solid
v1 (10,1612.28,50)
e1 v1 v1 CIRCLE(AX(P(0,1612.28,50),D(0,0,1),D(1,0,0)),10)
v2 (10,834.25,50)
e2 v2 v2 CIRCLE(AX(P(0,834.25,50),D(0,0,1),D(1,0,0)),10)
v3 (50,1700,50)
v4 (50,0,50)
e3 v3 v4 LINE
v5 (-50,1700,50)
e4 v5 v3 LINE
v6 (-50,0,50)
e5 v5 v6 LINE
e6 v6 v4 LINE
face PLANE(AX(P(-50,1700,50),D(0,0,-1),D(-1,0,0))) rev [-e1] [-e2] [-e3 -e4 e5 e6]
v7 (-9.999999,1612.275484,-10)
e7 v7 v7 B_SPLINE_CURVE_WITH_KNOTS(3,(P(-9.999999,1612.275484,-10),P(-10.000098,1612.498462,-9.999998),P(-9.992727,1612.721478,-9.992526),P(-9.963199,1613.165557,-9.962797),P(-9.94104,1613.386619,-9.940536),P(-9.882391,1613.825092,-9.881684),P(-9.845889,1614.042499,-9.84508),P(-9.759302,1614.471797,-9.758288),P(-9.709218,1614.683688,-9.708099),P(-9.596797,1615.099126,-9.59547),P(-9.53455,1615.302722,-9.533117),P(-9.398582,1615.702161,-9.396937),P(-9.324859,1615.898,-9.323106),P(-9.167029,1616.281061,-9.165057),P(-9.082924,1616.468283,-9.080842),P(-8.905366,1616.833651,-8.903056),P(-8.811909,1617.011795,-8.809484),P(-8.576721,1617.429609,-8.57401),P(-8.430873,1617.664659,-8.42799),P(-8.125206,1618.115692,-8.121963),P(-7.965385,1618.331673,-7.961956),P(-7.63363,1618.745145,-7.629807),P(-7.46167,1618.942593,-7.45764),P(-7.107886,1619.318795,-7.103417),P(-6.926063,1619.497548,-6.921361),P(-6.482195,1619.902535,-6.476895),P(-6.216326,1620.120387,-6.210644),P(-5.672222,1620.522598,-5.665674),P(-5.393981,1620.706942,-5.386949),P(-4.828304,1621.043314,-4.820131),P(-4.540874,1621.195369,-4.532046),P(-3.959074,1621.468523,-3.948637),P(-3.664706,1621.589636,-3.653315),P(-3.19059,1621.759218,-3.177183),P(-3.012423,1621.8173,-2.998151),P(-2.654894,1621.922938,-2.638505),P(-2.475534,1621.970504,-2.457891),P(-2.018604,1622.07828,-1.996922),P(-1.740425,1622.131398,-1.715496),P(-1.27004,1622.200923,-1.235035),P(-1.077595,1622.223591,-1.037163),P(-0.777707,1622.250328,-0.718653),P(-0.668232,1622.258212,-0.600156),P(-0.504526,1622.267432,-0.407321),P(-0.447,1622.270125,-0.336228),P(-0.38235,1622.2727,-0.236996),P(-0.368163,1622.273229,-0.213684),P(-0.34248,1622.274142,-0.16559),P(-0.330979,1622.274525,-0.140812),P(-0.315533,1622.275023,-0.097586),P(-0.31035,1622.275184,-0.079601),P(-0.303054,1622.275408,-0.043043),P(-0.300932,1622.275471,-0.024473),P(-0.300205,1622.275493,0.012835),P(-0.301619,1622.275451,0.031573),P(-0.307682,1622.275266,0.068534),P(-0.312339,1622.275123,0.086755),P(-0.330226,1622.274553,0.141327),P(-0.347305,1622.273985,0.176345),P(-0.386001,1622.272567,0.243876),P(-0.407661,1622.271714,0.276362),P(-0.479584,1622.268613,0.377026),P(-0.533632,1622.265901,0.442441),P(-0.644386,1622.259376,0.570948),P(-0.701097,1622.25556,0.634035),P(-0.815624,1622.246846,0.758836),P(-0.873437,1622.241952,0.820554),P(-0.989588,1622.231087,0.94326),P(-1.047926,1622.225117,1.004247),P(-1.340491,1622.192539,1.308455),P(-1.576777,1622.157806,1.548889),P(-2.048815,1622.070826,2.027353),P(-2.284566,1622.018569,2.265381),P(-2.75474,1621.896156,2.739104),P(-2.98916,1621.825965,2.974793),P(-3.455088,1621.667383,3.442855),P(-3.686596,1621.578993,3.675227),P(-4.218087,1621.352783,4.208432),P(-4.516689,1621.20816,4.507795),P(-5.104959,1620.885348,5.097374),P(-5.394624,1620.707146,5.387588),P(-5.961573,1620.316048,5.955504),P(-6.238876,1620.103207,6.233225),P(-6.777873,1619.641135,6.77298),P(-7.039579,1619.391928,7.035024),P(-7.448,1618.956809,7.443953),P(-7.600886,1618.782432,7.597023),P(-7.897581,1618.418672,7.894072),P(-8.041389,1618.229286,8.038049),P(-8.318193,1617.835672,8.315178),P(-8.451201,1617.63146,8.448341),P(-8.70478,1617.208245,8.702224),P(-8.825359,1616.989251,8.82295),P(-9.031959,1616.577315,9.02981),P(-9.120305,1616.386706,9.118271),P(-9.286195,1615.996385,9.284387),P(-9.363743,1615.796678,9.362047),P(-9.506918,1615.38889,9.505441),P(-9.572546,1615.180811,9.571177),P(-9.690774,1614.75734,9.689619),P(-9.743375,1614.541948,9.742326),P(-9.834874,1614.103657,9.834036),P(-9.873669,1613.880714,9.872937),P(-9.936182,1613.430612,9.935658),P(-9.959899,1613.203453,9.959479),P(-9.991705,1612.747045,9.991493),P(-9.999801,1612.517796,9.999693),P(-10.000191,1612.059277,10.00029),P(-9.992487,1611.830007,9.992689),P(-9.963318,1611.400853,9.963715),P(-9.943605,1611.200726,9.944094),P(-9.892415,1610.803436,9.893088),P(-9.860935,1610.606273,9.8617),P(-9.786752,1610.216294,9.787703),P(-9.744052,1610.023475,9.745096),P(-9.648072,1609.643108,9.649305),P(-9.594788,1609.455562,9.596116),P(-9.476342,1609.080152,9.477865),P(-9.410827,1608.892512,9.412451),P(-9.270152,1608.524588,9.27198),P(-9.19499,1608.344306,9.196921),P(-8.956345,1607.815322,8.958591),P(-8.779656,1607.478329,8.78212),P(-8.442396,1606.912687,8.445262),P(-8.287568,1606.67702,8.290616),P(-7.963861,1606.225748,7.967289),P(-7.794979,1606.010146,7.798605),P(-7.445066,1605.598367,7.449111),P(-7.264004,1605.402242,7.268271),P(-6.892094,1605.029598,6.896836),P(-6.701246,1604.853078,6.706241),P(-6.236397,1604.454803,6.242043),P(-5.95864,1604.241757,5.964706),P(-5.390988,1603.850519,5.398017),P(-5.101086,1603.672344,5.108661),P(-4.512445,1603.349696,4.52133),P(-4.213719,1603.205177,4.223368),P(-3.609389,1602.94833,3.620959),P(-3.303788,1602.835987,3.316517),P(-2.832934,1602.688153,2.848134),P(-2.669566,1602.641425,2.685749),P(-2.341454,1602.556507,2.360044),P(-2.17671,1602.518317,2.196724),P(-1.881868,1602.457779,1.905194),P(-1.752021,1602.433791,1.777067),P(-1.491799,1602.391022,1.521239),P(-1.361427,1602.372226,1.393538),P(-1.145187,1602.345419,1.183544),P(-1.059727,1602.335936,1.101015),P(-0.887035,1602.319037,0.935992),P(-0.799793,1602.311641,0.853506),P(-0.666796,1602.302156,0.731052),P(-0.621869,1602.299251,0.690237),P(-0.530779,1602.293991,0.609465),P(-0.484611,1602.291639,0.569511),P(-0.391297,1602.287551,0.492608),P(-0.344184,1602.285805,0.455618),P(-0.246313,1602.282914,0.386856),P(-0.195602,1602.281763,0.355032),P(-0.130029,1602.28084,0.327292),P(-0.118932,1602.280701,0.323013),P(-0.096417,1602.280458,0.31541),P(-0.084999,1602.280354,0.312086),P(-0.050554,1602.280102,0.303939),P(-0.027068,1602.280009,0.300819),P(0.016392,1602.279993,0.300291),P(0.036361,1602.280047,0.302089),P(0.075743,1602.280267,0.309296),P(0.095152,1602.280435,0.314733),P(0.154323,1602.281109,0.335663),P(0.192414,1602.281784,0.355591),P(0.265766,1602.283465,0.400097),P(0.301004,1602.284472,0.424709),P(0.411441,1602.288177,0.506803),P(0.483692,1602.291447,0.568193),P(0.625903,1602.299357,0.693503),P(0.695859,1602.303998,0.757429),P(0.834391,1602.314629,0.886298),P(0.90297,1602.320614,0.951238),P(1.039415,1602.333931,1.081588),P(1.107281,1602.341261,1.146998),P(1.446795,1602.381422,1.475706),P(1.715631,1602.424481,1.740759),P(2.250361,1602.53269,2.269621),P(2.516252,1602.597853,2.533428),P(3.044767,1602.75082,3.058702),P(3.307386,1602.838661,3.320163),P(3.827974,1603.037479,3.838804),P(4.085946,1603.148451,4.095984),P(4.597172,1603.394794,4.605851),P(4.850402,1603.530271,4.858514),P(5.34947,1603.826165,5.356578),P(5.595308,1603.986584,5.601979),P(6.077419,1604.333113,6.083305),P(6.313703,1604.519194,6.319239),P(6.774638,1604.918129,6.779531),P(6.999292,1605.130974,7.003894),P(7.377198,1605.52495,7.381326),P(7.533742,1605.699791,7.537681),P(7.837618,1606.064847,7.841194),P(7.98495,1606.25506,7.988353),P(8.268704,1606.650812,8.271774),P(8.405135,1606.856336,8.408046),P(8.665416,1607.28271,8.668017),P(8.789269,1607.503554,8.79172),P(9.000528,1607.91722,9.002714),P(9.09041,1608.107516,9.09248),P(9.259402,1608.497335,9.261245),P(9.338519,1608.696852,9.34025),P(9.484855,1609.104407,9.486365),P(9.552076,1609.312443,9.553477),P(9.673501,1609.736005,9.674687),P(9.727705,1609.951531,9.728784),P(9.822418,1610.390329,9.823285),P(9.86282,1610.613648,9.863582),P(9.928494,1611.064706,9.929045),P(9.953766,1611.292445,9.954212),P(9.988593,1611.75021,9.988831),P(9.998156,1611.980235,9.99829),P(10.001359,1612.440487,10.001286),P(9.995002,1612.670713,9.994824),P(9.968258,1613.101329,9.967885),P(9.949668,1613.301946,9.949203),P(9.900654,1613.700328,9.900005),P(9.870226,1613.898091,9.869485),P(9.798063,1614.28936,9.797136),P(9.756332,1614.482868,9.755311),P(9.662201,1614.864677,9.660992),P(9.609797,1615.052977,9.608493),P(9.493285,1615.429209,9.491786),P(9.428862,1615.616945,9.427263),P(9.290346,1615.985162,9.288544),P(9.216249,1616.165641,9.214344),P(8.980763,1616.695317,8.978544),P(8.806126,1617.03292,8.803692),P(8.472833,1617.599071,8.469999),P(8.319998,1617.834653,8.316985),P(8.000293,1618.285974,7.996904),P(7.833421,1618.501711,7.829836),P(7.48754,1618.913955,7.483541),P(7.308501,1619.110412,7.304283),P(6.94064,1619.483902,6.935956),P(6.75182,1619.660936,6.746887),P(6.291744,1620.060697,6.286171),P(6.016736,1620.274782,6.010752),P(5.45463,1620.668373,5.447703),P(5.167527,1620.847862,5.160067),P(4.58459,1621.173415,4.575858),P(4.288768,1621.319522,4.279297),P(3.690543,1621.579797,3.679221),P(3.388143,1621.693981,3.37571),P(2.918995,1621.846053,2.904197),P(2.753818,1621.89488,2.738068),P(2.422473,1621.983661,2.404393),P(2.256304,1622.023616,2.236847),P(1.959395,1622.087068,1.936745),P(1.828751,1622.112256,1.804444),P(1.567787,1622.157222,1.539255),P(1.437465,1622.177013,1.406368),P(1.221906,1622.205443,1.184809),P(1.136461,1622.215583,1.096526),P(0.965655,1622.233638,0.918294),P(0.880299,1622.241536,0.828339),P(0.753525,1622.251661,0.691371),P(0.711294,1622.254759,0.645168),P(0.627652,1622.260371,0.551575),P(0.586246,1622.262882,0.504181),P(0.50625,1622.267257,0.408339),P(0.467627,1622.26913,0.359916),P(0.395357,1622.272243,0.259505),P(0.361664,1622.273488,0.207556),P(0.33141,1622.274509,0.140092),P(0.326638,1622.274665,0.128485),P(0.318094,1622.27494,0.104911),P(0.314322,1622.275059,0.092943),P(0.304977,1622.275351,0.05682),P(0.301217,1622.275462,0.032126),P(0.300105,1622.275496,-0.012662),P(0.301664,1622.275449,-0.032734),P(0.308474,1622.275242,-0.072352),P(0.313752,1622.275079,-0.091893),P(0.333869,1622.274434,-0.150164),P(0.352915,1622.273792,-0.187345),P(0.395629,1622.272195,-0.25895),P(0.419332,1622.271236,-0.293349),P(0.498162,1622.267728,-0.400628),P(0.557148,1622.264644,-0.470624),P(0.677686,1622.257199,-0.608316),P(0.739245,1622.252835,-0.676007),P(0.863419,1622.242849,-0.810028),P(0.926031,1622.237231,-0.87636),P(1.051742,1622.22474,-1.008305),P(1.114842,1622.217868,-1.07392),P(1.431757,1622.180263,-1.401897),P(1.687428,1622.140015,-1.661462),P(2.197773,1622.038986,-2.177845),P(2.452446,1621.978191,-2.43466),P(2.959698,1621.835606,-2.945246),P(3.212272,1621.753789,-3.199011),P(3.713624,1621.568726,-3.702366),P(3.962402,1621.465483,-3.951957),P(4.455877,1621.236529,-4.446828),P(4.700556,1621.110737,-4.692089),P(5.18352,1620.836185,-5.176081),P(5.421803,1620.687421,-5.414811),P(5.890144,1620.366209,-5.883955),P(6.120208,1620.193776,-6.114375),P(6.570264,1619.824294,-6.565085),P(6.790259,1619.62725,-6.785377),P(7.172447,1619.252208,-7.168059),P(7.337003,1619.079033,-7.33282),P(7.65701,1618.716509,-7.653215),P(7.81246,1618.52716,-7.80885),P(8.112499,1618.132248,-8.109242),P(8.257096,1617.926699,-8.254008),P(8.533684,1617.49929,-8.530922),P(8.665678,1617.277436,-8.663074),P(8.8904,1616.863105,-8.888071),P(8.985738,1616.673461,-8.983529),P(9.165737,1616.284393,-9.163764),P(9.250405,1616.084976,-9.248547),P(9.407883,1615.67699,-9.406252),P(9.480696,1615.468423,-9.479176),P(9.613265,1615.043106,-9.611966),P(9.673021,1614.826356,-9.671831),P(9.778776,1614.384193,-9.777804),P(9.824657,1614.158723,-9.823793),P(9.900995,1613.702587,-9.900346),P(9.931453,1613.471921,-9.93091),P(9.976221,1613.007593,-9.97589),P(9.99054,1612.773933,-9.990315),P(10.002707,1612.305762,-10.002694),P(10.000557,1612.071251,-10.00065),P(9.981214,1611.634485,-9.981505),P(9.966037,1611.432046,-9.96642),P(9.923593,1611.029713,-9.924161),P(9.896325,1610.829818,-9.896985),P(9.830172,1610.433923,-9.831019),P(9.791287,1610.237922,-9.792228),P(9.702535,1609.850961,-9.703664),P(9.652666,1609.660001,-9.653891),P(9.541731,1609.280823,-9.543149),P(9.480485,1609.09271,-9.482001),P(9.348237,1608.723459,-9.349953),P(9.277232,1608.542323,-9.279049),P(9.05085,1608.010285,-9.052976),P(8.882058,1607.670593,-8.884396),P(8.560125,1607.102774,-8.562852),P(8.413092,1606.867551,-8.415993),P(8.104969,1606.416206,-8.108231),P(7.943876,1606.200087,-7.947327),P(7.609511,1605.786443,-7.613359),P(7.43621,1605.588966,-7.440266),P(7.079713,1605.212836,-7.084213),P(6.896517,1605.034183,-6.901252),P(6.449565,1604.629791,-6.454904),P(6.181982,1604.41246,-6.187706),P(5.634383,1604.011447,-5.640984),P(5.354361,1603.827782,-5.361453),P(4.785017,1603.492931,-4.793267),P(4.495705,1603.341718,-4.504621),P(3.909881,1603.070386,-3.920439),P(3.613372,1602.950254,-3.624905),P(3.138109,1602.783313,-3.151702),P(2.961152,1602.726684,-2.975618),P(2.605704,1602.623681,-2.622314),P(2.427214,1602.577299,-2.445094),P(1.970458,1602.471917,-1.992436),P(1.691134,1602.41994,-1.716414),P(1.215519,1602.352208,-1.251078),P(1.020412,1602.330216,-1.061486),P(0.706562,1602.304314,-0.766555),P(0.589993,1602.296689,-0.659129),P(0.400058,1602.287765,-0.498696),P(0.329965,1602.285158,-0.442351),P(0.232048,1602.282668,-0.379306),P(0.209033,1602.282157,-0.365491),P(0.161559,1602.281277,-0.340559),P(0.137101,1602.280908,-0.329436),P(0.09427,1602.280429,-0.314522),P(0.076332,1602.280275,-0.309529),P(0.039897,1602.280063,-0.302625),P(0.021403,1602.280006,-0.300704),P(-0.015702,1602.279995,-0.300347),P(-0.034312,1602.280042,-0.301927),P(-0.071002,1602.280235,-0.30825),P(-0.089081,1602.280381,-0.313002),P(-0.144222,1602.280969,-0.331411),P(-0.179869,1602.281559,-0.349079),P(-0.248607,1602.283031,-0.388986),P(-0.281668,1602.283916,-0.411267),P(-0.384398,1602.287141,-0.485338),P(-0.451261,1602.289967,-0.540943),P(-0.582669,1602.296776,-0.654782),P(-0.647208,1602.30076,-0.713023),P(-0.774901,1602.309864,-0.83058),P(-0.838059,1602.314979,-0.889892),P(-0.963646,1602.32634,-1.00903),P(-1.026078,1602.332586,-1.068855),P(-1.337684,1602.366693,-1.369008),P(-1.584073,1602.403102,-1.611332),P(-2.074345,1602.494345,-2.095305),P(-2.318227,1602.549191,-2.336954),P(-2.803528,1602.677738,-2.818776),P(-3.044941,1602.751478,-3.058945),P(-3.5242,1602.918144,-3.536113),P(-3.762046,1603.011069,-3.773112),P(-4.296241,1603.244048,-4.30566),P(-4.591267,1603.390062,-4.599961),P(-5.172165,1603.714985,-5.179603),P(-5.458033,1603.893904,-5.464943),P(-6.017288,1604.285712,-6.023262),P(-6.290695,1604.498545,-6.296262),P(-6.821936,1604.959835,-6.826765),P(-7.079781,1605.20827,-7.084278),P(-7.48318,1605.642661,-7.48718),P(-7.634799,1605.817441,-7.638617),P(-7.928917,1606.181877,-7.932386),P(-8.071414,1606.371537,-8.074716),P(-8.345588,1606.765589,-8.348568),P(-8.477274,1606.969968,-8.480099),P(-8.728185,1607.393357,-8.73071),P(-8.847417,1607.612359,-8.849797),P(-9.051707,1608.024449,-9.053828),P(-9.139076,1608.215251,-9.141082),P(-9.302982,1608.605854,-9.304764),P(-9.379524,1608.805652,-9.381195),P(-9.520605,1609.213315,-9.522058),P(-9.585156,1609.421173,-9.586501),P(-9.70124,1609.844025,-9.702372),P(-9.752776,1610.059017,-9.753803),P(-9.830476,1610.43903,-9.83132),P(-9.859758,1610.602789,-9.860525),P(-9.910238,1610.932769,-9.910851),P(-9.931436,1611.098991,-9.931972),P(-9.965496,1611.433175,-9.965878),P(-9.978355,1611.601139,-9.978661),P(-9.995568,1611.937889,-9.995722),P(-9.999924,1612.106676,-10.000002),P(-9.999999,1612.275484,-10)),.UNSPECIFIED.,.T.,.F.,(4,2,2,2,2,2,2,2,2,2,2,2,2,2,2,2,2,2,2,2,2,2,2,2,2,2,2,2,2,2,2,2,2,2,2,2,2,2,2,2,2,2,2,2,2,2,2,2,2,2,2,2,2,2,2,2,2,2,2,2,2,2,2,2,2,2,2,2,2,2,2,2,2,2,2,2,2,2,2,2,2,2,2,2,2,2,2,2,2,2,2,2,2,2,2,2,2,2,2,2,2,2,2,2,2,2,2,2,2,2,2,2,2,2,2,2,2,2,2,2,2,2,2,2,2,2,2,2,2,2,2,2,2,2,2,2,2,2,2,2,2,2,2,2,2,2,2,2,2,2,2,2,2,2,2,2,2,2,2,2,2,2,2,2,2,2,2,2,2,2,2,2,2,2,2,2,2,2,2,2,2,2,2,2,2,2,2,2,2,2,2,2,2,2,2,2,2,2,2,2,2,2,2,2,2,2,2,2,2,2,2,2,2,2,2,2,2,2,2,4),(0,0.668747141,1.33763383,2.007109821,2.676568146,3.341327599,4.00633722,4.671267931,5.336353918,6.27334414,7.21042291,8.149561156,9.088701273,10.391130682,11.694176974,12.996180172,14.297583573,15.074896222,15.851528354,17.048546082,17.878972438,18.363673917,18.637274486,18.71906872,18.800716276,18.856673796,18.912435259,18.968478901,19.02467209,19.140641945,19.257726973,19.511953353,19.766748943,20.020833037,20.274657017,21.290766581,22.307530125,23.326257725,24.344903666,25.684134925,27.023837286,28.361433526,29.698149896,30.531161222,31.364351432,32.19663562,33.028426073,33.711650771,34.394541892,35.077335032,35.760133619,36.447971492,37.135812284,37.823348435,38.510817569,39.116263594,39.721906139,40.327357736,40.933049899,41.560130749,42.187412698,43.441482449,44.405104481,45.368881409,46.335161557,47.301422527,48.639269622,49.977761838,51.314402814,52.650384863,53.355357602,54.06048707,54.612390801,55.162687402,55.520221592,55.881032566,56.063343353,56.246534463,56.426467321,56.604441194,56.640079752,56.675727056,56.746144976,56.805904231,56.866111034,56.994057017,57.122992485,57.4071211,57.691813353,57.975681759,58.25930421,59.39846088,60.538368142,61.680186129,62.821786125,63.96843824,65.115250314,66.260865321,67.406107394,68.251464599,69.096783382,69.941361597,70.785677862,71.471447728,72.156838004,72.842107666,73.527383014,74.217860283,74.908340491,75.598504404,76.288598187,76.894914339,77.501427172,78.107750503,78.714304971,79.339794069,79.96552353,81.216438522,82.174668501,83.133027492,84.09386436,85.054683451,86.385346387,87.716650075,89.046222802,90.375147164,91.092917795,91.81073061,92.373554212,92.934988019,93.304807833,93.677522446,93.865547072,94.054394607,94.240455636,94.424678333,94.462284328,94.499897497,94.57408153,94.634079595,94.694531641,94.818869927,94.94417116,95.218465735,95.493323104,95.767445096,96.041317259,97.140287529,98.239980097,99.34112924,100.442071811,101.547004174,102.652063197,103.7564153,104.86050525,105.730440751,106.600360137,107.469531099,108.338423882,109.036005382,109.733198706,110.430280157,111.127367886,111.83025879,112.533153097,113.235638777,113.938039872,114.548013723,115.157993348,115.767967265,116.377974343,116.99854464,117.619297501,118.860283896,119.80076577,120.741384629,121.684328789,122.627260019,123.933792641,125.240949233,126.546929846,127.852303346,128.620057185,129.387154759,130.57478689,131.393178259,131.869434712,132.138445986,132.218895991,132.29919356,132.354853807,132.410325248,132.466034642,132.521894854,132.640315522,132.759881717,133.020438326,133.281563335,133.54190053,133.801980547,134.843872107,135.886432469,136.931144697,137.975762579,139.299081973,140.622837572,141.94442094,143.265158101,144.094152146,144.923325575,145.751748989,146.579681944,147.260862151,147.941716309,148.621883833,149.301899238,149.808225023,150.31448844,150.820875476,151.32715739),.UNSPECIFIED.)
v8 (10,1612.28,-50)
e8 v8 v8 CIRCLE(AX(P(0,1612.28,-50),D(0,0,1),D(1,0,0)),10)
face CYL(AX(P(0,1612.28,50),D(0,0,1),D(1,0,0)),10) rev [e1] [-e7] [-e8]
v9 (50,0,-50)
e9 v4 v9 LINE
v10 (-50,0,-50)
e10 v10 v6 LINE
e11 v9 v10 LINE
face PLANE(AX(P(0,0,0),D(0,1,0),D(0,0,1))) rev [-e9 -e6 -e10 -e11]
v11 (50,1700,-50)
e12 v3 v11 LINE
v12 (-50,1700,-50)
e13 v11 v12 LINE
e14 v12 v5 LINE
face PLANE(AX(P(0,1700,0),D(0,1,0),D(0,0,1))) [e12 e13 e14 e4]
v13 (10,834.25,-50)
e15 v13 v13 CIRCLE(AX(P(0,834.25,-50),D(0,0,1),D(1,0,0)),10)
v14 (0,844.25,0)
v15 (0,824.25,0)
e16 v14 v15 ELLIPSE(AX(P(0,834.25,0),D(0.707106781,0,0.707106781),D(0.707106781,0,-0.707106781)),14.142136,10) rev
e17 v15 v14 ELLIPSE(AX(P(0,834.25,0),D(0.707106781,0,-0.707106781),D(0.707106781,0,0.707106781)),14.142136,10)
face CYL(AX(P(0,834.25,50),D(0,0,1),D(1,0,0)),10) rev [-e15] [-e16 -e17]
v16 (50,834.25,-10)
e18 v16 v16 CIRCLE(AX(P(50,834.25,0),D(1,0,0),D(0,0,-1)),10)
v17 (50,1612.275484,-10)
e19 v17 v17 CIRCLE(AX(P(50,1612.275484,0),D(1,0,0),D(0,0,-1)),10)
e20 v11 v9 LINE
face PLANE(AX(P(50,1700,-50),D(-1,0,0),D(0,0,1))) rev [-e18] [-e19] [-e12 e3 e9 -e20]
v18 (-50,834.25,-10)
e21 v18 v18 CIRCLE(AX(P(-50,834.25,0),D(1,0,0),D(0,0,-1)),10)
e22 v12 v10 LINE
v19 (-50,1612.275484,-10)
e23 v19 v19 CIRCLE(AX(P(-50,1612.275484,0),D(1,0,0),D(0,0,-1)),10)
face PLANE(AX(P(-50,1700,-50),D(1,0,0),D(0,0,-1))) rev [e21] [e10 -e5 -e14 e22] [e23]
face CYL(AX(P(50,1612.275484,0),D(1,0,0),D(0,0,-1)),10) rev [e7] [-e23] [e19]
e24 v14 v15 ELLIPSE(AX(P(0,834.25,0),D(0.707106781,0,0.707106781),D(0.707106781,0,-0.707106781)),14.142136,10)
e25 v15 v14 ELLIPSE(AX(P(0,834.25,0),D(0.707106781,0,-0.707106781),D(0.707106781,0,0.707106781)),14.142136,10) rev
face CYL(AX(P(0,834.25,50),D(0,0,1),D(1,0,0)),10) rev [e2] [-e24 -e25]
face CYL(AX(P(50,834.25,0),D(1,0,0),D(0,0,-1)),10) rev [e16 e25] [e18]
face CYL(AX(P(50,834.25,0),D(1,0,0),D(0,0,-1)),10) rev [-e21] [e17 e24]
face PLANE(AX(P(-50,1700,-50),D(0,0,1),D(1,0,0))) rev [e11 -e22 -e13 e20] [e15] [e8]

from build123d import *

# Parameters (mm, degrees)
ESBO_O1_W                = 100
ESBO_O1_H                = 100
RESSALTO_EXTRUS_O1_DEPTH = 1700
FUROS_GUIA_COM_20_0MM1_D = 20
FUROS_GUIA_COM_20_0MM2_D = 20


with BuildPart() as part:
    # Esboço1 → Ressalto-extrusão1 (new body)
    with BuildSketch(Plane(origin=(0, 0, 0), x_dir=(1, 0, 0), z_dir=(0, 1, 0))):
        Rectangle(ESBO_O1_W, ESBO_O1_H)
    extrude(amount=RESSALTO_EXTRUS_O1_DEPTH)

    # Furos-guia com Ø20.0mm1 (through all)
    with Locations(Plane(origin=(50, 0, 0), x_dir=(0, 0, -1), z_dir=(1, 0, 0))):
        with Locations((0, 834.25), (0, 1612.275483602)):
            Hole(FUROS_GUIA_COM_20_0MM1_D / 2)

    # Furos-guia com Ø20.0mm2 (through all)
    with Locations(Plane.XY.offset(50)):
        with Locations((0, 834.25), (0, 1612.28)):
            Hole(FUROS_GUIA_COM_20_0MM2_D / 2)


solid = part.part
